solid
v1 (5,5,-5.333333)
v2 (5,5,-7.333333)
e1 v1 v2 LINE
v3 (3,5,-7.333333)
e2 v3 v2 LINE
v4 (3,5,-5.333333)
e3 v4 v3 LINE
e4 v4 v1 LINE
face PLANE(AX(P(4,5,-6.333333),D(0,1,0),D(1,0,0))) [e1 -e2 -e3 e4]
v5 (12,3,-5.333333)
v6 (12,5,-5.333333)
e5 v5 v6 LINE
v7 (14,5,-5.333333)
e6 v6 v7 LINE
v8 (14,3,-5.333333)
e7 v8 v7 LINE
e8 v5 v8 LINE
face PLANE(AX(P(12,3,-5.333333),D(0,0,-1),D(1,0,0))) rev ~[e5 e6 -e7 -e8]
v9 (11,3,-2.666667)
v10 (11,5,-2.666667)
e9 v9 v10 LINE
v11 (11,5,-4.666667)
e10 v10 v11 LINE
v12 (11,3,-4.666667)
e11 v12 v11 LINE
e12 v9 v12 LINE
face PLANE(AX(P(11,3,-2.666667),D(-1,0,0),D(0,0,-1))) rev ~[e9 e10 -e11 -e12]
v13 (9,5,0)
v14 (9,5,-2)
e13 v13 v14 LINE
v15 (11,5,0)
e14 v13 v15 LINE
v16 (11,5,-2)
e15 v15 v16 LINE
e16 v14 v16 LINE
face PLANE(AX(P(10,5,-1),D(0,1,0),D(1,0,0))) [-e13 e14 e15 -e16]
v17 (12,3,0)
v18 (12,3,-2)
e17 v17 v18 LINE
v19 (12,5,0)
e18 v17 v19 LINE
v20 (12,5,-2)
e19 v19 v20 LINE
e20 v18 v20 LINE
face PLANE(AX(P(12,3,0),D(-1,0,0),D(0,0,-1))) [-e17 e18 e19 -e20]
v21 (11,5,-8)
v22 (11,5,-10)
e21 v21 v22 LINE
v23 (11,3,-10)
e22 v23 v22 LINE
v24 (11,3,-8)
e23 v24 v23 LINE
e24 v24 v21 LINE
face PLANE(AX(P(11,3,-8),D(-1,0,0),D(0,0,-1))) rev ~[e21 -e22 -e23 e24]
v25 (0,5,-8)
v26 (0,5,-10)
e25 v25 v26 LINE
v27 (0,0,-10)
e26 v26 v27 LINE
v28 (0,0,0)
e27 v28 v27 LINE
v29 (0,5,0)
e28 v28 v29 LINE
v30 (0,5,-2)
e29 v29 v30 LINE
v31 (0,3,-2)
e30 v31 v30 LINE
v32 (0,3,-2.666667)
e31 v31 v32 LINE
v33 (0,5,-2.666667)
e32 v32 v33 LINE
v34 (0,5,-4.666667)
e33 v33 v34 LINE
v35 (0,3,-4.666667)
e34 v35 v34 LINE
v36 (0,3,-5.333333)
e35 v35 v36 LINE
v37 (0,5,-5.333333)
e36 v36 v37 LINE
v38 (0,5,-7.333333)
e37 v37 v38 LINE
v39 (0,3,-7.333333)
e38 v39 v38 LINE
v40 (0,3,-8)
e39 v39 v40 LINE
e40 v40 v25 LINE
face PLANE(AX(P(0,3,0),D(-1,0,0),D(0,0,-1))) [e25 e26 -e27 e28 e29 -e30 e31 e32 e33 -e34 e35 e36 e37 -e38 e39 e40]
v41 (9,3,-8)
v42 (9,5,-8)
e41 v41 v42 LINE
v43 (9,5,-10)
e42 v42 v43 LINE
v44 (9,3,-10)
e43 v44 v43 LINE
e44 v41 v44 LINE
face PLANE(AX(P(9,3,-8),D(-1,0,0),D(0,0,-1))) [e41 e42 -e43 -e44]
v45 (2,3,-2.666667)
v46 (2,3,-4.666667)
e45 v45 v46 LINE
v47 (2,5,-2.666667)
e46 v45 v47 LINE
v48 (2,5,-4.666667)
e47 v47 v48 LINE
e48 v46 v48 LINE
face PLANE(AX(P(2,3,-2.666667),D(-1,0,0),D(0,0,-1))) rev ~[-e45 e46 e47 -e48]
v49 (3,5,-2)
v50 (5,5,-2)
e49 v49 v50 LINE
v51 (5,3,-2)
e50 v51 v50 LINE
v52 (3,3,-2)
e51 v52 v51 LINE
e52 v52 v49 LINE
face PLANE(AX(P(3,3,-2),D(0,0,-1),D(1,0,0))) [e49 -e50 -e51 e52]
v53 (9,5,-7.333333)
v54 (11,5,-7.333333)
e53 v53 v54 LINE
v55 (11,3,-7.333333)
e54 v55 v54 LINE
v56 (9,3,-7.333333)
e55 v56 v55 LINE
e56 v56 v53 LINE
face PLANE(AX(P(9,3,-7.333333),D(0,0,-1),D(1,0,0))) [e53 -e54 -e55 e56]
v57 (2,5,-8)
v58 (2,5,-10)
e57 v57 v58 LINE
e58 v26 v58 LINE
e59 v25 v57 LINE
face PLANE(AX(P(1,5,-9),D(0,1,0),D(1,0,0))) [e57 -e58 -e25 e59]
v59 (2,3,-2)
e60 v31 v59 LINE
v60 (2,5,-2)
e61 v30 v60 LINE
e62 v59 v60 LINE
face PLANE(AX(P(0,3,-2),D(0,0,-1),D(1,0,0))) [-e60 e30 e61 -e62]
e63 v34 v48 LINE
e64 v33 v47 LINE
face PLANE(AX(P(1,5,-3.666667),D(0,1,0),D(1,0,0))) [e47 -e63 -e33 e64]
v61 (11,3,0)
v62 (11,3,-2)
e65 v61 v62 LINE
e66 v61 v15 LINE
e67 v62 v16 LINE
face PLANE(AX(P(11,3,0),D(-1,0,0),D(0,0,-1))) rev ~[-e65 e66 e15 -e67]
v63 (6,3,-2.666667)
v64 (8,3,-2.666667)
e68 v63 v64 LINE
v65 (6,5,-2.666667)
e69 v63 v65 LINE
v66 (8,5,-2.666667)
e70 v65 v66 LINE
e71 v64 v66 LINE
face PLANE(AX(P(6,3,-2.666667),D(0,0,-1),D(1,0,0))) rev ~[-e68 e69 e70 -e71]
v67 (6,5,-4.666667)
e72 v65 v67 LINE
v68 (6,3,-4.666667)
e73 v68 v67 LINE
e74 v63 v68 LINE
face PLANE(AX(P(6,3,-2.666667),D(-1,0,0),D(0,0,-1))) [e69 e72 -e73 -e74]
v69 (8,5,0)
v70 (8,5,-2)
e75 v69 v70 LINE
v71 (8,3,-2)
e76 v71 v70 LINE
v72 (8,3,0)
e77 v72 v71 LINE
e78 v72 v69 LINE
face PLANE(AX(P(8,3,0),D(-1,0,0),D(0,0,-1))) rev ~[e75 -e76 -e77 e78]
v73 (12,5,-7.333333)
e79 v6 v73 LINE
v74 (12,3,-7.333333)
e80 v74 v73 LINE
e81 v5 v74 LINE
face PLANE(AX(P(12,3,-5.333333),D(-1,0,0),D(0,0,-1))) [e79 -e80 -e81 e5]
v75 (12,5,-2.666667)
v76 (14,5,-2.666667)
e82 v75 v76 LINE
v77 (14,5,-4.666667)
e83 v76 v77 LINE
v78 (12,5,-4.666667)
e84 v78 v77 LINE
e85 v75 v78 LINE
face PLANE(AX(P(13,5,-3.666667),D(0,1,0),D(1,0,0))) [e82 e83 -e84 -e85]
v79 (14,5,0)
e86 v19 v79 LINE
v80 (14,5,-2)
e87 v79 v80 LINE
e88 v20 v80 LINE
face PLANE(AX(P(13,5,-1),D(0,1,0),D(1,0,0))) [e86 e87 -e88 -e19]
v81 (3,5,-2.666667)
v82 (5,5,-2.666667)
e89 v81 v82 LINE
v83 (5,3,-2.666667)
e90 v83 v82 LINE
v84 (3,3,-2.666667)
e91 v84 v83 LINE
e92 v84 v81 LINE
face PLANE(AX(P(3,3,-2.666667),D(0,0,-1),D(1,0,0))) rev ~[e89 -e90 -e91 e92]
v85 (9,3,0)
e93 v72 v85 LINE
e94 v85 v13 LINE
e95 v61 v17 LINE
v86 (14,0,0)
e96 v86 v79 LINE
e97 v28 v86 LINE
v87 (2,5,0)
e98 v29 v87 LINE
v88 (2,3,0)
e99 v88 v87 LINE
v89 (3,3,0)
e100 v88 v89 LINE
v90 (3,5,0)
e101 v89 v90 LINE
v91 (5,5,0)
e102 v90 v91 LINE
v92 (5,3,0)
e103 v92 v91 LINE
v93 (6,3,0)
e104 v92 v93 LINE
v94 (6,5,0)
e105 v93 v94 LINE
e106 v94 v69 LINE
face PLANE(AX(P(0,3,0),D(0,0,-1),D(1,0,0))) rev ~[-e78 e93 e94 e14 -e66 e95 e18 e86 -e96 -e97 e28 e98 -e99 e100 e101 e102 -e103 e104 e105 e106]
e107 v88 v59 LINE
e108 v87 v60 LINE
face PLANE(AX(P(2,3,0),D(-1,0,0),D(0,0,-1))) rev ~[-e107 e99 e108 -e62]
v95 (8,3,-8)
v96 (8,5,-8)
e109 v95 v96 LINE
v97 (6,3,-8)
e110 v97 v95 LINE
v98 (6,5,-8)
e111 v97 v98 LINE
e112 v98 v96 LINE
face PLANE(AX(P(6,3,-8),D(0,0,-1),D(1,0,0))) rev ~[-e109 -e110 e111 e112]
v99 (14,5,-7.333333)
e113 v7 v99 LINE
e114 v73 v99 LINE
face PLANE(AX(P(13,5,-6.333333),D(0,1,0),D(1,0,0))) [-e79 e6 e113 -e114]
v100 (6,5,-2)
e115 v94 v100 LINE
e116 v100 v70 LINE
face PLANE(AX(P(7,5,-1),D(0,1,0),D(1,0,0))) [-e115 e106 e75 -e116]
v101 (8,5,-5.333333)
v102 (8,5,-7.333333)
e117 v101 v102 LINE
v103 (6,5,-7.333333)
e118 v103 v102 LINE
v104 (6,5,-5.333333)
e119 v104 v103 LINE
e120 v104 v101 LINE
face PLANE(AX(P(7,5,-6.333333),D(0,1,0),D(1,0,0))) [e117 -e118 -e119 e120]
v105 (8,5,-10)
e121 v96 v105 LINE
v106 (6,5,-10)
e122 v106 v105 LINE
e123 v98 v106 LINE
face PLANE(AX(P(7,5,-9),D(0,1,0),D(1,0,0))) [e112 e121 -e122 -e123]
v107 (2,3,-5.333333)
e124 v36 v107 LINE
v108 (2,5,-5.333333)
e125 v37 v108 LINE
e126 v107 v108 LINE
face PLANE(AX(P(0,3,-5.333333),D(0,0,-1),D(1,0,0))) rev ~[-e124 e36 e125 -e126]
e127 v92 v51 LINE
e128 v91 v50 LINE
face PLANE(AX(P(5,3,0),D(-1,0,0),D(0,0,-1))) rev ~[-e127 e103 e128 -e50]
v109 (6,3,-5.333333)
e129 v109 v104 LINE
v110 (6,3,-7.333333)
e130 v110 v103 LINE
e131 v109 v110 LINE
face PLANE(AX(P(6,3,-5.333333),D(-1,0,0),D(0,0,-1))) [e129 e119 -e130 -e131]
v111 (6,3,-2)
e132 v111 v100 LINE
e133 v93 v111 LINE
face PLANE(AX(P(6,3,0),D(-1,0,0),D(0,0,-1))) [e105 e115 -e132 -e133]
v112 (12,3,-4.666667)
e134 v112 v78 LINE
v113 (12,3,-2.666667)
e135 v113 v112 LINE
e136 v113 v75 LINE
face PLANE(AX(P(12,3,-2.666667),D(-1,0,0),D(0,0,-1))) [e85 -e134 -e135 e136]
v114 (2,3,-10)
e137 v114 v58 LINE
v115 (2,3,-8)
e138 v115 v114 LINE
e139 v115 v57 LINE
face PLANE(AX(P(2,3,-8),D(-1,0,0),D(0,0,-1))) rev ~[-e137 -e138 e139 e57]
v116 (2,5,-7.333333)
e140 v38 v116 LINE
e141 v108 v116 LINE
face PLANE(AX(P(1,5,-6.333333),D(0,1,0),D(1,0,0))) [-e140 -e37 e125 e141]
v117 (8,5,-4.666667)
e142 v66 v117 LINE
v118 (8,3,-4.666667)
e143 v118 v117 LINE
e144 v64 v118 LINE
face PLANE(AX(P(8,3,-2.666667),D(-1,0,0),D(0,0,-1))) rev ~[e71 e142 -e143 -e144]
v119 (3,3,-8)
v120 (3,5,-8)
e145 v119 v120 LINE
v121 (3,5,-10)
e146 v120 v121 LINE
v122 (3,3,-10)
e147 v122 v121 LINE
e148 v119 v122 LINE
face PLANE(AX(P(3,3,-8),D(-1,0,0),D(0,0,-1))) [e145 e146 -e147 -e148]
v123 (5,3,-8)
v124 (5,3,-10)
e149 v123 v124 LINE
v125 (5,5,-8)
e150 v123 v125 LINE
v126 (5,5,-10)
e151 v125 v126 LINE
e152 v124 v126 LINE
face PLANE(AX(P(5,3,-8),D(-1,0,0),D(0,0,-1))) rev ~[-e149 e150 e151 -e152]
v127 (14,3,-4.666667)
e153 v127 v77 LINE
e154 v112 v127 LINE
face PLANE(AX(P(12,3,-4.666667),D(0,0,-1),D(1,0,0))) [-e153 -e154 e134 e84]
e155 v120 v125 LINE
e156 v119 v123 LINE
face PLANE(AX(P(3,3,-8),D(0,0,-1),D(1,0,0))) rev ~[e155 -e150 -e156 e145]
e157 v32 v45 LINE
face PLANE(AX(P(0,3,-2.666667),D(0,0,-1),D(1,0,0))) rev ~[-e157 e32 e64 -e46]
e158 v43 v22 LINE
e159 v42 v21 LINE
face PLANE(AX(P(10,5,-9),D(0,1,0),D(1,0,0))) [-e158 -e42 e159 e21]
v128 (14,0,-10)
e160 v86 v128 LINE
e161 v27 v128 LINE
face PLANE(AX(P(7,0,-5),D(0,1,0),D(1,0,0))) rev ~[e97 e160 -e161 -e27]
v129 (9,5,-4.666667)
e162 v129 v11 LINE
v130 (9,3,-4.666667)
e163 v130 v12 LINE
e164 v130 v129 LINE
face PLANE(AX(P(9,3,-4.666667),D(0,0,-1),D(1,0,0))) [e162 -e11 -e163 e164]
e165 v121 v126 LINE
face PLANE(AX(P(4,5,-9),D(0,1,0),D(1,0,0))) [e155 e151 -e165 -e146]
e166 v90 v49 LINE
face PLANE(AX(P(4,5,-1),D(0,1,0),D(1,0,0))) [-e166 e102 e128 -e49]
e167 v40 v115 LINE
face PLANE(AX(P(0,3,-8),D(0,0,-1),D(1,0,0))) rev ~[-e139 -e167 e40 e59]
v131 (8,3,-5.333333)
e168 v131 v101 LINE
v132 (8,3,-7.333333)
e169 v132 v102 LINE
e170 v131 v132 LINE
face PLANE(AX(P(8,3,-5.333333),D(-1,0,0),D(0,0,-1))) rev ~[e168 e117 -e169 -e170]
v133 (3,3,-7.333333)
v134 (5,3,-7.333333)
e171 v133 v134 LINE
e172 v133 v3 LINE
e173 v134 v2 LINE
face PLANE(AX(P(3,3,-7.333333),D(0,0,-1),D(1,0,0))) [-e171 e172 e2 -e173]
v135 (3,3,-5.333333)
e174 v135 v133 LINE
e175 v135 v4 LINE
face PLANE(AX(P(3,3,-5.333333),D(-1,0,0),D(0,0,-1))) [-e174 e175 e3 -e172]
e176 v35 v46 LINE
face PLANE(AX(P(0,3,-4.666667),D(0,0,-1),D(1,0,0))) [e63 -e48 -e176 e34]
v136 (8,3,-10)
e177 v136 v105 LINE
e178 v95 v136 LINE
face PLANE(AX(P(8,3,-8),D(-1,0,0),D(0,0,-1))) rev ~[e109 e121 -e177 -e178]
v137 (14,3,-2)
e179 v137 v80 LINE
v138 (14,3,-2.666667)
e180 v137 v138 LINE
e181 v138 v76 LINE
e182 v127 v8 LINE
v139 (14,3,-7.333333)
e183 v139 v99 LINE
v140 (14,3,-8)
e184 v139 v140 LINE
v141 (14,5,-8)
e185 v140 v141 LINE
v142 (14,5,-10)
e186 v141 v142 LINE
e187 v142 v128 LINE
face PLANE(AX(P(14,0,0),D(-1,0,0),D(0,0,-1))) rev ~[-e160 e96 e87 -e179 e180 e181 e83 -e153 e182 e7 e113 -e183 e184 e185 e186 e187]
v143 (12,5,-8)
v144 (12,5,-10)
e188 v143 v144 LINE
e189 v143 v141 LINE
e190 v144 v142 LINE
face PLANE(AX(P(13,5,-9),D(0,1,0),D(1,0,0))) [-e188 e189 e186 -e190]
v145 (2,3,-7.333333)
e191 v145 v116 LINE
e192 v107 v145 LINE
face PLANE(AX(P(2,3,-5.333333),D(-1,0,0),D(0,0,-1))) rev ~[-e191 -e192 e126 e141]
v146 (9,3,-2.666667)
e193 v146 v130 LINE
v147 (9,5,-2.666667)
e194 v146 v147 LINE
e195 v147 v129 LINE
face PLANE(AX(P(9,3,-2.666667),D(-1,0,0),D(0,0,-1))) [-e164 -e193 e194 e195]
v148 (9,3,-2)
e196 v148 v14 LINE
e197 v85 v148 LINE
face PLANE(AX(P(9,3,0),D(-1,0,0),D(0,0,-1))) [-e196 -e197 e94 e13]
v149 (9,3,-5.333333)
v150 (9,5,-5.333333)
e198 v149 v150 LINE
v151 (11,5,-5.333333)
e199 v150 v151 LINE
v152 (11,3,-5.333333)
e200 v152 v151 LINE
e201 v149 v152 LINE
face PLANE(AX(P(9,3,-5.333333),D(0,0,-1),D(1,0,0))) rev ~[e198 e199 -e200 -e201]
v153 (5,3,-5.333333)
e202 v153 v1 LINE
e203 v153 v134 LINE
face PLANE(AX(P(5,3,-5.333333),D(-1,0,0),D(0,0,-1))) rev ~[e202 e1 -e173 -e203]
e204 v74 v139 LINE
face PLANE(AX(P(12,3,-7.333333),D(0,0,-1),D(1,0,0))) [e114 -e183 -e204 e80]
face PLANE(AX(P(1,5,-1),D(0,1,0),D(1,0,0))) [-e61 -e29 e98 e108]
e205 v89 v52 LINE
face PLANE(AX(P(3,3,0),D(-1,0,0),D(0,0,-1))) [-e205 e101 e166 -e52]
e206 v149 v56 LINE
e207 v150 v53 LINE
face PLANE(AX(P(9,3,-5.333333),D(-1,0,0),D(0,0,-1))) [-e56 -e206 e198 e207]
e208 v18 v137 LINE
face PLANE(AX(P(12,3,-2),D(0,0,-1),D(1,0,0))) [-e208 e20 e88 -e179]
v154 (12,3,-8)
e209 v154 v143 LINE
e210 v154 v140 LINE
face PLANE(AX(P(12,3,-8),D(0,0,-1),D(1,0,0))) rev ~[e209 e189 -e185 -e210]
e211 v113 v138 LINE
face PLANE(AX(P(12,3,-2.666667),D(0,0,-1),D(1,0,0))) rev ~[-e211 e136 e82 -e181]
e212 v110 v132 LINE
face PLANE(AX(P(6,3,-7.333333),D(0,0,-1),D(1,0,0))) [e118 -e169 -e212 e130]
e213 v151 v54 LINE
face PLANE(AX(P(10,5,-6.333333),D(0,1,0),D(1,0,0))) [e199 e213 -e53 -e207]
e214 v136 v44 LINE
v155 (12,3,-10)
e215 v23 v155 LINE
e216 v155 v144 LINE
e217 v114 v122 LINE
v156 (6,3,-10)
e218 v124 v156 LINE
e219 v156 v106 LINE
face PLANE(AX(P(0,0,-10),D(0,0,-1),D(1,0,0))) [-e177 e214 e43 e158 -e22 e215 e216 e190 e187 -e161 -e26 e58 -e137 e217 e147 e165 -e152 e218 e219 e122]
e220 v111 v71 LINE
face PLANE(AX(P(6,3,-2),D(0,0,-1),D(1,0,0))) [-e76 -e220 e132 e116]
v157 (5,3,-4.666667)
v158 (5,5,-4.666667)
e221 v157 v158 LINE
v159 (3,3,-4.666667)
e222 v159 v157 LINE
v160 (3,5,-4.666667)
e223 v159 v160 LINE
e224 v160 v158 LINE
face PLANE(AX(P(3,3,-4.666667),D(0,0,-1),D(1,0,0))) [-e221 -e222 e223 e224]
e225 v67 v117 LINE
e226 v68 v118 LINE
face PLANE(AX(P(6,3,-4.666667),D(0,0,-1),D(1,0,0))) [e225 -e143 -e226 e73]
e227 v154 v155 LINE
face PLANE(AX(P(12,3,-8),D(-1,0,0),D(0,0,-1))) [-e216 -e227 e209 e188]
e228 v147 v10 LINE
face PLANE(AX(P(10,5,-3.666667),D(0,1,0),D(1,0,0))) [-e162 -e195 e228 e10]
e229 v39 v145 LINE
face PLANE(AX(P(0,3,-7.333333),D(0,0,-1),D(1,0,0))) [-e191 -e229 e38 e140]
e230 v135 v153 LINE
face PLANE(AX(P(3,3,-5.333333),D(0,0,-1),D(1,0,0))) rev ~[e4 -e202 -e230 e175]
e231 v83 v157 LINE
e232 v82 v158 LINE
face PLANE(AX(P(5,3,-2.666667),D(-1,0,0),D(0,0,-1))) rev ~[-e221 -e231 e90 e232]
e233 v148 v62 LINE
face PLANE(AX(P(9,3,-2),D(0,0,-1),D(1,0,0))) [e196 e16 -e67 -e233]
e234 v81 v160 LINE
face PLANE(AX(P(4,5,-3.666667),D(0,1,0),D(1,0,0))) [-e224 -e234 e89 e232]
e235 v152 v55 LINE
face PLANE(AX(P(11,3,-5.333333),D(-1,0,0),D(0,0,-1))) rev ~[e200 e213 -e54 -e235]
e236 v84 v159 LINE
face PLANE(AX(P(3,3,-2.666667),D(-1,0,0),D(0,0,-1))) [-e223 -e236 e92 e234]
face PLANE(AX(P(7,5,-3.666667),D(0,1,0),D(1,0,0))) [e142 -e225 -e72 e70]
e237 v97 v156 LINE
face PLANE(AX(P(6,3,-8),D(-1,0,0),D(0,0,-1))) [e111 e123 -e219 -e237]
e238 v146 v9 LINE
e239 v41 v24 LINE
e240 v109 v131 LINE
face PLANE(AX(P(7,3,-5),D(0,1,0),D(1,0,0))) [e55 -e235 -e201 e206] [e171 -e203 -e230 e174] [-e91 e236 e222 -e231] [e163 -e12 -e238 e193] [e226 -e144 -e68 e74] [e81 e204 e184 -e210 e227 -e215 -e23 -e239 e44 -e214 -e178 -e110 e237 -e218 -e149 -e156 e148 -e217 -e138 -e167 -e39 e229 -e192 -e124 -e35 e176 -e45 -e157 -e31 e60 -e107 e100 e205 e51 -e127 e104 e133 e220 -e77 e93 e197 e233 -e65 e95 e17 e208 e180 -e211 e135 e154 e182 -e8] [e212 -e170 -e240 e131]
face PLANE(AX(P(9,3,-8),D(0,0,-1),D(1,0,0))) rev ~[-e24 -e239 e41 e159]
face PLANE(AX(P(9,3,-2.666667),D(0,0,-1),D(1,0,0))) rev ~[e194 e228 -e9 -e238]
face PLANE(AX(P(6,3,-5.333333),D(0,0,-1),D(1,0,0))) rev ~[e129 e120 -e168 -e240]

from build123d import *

# Parameters (mm, degrees)
SKETCH1_W           = 14
SKETCH1_H           = 10
BOSS_EXTRUDE1_DEPTH = 3
SKETCH2_W           = 2
SKETCH2_H           = 2
BOSS_EXTRUDE2_DEPTH = 2


with BuildPart() as part:
    # Sketch1 → Boss-Extrude1 (new body)
    with BuildSketch(Plane(origin=(0, 0, 0), x_dir=(1, 0, 0), z_dir=(0, 1, 0))):
        with Locations((7, 5)):
            Rectangle(SKETCH1_W, SKETCH1_H)
    extrude(amount=BOSS_EXTRUDE1_DEPTH)

    # Sketch2 → Boss-Extrude2 (add)
    with BuildSketch(Plane(origin=(0, 3, 0), x_dir=(1, 0, 0), z_dir=(0, 1, 0))):
        with Locations((4, 1)):
            Rectangle(SKETCH2_W, SKETCH2_H)
        with Locations((1, 1)):
            Rectangle(SKETCH2_W, SKETCH2_H)
        with Locations((7, 1)):
            Rectangle(SKETCH2_W, SKETCH2_H)
        with Locations((10, 1)):
            Rectangle(SKETCH2_W, SKETCH2_H)
        with Locations((4, 3.666666667)):
            Rectangle(SKETCH2_W, SKETCH2_H)
        with Locations((7, 3.666666667)):
            Rectangle(SKETCH2_W, SKETCH2_H)
        with Locations((10, 3.666666667)):
            Rectangle(SKETCH2_W, SKETCH2_H)
        with Locations((4, 6.333333333)):
            Rectangle(SKETCH2_W, SKETCH2_H)
        with Locations((7, 6.333333333)):
            Rectangle(SKETCH2_W, SKETCH2_H)
        with Locations((10, 6.333333333)):
            Rectangle(SKETCH2_W, SKETCH2_H)
        with Locations((4, 9)):
            Rectangle(SKETCH2_W, SKETCH2_H)
        with Locations((7, 9)):
            Rectangle(SKETCH2_W, SKETCH2_H)
        with Locations((10, 9)):
            Rectangle(SKETCH2_W, SKETCH2_H)
        with Locations((1, 3.666666667)):
            Rectangle(SKETCH2_W, SKETCH2_H)
        with Locations((1, 6.333333333)):
            Rectangle(SKETCH2_W, SKETCH2_H)
        with Locations((1, 9)):
            Rectangle(SKETCH2_W, SKETCH2_H)
        with Locations((13, 1)):
            Rectangle(SKETCH2_W, SKETCH2_H)
        with Locations((13, 3.666666667)):
            Rectangle(SKETCH2_W, SKETCH2_H)
        with Locations((13, 6.333333333)):
            Rectangle(SKETCH2_W, SKETCH2_H)
        with Locations((13, 9)):
            Rectangle(SKETCH2_W, SKETCH2_H)
    extrude(amount=BOSS_EXTRUDE2_DEPTH)


solid = part.part
